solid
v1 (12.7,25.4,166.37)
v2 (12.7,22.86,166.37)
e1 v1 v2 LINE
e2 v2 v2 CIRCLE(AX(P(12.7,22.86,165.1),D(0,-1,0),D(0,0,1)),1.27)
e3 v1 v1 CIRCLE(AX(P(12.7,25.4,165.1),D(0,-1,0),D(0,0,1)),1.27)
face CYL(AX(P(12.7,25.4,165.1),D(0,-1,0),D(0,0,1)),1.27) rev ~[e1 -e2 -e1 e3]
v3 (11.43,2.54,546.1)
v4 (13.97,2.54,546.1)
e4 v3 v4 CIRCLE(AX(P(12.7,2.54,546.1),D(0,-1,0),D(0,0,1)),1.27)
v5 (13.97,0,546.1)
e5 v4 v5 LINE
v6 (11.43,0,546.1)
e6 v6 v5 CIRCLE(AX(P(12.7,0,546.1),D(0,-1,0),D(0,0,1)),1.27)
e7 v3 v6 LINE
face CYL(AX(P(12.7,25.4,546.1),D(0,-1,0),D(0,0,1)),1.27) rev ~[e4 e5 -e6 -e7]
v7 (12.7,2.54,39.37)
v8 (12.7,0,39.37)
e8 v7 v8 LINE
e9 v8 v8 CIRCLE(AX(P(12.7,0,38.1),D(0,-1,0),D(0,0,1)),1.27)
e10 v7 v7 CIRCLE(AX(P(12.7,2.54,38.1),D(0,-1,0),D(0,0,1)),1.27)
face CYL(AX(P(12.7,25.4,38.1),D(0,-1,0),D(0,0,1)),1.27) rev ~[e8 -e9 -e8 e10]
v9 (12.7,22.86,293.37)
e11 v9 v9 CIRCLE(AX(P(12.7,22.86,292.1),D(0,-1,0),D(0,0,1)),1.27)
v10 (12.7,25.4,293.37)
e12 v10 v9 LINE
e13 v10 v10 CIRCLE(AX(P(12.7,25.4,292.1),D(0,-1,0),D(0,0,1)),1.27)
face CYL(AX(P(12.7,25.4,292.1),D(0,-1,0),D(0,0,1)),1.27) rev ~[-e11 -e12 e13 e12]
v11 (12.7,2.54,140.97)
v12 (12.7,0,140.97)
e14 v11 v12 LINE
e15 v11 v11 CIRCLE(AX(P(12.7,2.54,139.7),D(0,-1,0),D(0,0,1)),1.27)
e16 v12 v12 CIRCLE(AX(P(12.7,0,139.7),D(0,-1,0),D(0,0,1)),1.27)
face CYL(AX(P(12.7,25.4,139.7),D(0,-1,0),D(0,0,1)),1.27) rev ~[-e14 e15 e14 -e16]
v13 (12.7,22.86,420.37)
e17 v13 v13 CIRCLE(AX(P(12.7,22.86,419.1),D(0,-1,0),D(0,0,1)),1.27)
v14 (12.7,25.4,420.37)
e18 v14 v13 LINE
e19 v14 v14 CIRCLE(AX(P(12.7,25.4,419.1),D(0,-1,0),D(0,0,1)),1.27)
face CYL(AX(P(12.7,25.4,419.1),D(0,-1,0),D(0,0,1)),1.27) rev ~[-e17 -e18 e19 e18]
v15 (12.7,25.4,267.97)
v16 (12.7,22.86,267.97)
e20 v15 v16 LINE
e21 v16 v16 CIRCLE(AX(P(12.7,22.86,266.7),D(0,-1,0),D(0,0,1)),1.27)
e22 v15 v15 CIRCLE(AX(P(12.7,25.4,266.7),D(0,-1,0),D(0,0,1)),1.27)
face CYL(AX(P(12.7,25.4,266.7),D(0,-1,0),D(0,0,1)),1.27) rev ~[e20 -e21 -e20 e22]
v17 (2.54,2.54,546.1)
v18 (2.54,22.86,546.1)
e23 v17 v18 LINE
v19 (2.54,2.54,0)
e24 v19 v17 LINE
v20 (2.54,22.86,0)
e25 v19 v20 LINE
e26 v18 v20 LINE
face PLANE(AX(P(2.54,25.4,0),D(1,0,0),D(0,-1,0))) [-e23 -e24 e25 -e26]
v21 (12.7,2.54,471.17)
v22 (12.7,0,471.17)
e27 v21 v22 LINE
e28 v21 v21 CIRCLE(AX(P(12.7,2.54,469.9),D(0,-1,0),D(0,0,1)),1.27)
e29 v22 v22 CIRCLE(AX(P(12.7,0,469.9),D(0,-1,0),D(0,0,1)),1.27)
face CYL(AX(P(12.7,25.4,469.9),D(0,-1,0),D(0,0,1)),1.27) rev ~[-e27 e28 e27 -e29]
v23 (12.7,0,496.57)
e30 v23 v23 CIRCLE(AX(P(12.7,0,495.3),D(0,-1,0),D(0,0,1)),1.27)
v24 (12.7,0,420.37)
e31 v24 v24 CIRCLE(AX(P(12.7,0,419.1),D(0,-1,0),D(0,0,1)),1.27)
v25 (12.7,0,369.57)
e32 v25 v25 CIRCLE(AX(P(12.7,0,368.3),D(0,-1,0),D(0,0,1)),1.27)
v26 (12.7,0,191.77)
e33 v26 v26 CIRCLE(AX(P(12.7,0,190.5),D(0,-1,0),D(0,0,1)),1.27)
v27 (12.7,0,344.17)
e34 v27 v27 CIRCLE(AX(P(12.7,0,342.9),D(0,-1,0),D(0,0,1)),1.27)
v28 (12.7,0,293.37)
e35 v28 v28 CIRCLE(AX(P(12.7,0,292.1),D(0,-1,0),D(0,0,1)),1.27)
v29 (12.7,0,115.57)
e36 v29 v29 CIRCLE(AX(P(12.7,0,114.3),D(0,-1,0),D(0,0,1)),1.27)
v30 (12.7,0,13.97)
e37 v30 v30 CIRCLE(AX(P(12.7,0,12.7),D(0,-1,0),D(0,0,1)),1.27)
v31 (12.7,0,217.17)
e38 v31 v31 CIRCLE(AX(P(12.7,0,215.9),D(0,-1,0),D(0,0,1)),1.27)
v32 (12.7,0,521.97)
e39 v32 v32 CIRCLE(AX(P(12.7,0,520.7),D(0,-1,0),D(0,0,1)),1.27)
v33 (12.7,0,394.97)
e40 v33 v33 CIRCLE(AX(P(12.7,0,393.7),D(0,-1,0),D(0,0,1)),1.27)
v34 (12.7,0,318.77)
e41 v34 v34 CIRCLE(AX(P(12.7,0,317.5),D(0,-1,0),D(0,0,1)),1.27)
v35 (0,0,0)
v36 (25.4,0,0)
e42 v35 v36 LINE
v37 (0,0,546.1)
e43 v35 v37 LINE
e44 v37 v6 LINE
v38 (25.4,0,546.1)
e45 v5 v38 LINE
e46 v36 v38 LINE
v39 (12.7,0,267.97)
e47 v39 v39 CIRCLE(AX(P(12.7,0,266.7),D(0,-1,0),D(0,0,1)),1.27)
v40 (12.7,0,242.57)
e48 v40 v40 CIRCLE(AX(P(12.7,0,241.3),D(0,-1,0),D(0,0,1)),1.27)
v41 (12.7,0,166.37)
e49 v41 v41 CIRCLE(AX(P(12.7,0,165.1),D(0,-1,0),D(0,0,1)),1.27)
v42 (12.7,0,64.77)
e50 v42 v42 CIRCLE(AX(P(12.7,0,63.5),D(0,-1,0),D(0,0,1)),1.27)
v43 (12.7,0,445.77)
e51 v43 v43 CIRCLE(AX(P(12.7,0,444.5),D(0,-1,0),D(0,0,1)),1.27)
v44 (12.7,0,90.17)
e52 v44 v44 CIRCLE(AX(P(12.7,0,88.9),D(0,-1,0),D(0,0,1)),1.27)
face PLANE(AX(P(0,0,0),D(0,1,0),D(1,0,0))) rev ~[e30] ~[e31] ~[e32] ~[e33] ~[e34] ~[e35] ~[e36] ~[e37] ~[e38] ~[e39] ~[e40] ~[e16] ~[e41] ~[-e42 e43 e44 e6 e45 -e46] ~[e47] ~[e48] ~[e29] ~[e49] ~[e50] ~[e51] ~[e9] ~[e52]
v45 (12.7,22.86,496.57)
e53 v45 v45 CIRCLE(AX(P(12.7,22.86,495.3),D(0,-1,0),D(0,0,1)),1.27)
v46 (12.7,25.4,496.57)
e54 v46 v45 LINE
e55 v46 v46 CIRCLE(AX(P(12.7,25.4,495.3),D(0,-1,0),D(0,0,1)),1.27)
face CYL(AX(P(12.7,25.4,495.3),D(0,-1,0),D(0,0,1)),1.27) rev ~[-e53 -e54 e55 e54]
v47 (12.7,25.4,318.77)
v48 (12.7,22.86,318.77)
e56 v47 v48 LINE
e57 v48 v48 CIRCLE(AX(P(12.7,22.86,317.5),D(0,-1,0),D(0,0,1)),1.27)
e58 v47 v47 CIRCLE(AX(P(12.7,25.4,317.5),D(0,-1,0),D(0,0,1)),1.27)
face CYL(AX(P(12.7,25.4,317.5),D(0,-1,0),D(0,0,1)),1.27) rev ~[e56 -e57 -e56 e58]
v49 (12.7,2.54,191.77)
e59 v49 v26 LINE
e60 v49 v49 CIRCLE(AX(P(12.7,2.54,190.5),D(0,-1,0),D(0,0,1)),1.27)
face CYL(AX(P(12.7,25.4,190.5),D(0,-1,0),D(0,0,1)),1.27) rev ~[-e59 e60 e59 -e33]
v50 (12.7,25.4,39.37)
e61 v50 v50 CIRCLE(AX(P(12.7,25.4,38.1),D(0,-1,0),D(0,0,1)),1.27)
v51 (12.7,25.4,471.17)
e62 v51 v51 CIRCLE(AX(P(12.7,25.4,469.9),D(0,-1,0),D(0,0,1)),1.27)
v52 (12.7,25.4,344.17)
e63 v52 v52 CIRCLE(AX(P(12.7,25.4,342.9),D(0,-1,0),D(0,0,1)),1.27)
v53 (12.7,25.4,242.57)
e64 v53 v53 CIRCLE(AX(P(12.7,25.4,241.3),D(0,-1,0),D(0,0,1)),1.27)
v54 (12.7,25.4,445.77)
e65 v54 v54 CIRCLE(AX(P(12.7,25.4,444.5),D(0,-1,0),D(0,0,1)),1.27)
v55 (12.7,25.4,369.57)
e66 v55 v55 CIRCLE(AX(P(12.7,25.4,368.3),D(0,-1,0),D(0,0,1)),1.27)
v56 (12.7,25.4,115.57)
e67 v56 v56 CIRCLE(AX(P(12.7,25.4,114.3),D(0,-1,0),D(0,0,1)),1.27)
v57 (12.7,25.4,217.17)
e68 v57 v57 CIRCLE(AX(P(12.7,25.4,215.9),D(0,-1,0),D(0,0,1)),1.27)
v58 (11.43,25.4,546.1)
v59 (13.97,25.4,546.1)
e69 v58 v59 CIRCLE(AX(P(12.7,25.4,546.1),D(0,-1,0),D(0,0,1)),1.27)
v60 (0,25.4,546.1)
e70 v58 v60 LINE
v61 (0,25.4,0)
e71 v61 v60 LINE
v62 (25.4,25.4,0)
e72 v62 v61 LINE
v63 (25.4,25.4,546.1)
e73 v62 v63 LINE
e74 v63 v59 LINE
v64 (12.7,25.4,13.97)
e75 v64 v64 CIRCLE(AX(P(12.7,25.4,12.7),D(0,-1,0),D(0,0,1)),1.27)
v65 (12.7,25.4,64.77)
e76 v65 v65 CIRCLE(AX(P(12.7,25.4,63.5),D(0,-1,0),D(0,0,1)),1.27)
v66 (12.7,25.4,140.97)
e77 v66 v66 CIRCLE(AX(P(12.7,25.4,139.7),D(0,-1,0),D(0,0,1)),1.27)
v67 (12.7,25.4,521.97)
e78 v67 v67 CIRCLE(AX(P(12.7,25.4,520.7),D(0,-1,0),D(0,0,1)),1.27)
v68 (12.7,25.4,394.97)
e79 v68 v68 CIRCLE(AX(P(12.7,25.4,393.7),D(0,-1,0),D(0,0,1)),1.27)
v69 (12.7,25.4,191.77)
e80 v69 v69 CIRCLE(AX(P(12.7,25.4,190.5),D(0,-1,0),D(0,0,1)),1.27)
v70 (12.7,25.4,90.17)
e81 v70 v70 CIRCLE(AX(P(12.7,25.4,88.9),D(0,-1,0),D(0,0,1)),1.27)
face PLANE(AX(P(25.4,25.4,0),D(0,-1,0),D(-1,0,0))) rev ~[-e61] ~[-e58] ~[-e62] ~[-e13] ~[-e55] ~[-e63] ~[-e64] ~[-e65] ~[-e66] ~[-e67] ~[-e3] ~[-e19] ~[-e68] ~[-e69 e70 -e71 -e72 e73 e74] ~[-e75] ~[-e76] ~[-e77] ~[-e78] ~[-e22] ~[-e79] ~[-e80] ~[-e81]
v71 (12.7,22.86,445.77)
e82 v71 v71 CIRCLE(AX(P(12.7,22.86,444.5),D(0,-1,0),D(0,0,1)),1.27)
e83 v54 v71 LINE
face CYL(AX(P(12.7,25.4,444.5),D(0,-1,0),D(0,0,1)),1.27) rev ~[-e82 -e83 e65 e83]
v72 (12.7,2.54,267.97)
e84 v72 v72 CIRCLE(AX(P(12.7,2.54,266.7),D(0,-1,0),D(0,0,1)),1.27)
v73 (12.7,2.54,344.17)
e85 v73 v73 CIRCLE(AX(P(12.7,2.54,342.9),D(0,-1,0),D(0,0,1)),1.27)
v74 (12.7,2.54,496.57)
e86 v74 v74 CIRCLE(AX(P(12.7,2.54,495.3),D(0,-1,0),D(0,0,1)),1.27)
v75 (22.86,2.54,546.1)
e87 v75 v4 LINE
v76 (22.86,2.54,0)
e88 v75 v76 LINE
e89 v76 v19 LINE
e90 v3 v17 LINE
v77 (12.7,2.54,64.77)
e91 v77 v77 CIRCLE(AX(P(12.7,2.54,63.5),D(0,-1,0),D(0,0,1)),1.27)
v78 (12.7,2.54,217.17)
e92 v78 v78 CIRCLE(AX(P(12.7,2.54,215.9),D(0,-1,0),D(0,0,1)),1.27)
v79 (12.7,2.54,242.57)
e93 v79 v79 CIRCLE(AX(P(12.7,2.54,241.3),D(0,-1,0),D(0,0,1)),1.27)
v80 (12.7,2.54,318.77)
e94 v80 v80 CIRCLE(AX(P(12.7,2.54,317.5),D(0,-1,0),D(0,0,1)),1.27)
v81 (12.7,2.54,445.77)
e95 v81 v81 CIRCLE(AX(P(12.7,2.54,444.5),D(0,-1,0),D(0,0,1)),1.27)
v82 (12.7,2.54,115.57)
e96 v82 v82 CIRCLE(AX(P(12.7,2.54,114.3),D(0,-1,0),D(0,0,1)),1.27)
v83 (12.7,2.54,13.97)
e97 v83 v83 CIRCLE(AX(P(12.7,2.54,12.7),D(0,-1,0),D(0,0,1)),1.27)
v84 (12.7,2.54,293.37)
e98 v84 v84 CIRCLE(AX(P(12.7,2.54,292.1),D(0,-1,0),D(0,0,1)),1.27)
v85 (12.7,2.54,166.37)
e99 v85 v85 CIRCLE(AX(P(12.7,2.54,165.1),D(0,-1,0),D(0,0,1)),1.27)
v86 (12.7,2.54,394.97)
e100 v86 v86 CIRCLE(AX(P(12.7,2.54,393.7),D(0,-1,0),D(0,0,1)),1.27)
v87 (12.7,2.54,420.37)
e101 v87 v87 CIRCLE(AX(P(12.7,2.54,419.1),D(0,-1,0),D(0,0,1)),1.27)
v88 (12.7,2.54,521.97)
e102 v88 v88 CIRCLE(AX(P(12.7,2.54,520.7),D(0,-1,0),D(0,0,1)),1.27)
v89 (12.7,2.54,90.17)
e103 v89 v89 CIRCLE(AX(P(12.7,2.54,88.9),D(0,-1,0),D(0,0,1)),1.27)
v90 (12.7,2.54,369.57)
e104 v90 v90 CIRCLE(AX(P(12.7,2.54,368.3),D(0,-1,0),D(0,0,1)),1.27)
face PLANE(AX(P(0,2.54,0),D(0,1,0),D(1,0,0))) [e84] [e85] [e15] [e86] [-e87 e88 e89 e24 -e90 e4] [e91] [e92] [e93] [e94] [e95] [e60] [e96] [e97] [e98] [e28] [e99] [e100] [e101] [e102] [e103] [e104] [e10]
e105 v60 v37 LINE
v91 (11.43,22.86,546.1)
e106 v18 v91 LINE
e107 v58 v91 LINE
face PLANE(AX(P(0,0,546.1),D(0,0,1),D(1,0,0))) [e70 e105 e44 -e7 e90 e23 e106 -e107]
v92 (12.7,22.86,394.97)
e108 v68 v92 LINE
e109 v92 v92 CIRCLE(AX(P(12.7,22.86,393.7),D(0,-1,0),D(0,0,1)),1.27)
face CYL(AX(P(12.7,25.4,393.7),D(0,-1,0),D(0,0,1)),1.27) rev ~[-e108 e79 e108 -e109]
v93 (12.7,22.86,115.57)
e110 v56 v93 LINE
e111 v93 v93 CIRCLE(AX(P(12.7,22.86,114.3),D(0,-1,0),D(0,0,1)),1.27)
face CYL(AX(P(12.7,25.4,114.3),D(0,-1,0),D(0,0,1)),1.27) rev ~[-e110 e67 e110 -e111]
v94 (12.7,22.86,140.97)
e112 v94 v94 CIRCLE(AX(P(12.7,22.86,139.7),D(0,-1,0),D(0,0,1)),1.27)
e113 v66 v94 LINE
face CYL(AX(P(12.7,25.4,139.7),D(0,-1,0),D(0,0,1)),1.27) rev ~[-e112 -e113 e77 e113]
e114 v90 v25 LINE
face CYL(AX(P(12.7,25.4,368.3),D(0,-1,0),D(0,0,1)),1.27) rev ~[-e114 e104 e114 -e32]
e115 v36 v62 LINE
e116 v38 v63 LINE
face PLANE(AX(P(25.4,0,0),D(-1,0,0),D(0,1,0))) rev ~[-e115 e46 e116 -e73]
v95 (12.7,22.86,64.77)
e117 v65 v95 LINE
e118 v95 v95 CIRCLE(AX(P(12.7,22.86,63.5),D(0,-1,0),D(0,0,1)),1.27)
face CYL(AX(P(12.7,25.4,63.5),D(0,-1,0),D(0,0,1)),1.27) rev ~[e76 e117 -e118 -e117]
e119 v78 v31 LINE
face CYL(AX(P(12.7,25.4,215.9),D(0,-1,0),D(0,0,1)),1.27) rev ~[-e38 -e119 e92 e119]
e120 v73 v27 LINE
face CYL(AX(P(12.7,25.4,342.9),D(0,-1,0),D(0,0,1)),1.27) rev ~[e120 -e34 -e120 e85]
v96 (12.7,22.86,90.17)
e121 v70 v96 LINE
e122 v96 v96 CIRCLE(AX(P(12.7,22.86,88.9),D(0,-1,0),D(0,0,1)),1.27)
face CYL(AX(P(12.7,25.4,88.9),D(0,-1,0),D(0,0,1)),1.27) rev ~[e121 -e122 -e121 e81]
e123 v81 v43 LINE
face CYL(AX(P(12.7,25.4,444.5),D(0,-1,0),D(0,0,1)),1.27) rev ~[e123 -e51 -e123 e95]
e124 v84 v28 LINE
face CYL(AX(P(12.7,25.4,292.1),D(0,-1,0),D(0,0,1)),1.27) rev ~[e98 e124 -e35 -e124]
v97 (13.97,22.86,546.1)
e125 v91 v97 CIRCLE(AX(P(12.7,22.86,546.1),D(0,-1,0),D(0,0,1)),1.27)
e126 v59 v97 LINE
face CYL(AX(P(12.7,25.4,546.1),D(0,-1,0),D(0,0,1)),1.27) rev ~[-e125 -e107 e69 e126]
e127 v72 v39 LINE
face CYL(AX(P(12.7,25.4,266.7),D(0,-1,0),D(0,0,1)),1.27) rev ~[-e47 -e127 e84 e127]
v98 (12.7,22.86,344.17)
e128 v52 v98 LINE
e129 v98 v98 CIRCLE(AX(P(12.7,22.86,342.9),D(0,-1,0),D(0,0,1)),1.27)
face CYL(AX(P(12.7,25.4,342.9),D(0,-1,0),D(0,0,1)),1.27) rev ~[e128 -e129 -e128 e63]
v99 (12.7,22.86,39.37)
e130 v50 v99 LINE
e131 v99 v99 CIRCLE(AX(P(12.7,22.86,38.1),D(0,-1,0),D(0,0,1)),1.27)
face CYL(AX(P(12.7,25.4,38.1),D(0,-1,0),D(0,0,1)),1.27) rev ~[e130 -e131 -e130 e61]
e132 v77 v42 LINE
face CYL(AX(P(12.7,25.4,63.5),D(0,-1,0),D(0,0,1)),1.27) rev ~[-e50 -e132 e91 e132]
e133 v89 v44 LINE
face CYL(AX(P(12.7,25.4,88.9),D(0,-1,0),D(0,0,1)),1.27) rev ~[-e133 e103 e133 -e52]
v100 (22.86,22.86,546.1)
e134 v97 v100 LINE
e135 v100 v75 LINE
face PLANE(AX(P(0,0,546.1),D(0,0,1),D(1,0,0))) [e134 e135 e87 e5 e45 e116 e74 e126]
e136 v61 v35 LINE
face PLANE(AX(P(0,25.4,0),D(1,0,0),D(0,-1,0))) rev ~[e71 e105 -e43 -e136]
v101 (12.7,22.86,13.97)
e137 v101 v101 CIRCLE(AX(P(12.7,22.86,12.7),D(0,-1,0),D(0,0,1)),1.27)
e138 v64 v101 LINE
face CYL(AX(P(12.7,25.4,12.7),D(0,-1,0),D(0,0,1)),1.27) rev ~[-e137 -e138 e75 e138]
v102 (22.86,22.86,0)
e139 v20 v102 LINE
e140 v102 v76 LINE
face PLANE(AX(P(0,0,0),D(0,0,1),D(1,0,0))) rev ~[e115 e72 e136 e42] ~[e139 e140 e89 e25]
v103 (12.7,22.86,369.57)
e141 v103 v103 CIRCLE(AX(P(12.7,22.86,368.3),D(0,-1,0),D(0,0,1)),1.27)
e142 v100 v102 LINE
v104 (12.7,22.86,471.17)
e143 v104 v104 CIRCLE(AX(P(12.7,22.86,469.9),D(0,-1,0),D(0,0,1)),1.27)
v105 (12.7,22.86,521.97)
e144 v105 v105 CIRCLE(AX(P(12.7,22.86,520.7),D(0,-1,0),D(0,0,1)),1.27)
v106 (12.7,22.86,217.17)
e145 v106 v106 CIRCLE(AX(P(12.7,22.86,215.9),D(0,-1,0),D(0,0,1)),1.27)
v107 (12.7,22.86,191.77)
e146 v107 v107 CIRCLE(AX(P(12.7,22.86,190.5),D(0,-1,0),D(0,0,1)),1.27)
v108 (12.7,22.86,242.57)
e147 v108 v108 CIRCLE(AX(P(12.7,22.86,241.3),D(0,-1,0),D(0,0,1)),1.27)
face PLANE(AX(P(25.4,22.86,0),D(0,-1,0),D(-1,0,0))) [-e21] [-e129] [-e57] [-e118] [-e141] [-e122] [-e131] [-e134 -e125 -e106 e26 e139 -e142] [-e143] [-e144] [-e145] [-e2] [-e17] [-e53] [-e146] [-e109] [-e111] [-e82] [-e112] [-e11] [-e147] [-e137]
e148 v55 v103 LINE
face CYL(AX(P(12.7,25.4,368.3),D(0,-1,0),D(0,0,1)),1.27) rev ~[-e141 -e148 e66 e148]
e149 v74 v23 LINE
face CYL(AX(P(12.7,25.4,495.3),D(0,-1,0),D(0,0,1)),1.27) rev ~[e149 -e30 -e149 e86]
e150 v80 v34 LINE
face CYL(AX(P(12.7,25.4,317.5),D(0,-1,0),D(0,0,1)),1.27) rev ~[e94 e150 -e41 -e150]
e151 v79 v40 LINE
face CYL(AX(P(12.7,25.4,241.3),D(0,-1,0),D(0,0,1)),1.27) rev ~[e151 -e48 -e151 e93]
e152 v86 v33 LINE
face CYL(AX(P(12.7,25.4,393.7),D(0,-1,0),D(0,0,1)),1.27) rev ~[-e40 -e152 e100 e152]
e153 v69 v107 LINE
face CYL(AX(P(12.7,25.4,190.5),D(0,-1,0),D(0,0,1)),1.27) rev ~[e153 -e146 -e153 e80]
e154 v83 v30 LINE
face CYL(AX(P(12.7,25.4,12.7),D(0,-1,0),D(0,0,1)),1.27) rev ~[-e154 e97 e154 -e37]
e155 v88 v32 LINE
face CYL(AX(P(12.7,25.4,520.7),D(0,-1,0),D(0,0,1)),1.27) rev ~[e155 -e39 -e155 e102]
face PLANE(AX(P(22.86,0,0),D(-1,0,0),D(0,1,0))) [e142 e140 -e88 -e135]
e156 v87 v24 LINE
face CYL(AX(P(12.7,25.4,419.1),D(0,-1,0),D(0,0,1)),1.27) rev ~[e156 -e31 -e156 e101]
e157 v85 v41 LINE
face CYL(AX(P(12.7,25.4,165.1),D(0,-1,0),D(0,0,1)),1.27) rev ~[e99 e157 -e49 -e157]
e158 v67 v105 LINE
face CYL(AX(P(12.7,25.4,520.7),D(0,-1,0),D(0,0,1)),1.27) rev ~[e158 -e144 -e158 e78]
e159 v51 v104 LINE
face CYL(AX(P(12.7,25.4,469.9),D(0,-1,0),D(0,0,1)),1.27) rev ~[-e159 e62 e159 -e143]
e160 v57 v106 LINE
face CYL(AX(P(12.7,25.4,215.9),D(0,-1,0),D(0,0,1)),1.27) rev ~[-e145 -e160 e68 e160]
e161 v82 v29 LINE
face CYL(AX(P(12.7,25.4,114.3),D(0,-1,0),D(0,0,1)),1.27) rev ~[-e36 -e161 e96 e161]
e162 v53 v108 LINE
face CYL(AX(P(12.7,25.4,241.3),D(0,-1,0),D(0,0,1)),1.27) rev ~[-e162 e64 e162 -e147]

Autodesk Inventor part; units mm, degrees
ref_plane "YZ Plane" through (0, 0, 0) normal (1, 0, 0) x (0, 1, 0)
ref_plane "XZ Plane" through (0, 0, 0) normal (0, 1, 0) x (-1, 0, 0)
ref_plane "XY Plane" through (0, 0, 0) normal (0, 0, 1) x (1, 0, 0)
sketch "Sketch1" plane through (0, 0, 0) normal (0, 0, 1) x (1, 0, 0)
  line L0 (0, 0) -> (25.4, 0)
  line L1 (25.4, 0) -> (25.4, 25.4)
  line L2 (25.4, 25.4) -> (0, 25.4)
  line L3 (0, 25.4) -> (0, 0)
  dimension "d0" = 25.4
  dimension "d1" = 25.4
extrude "Extrusion1" add sketch "Sketch1" along normal blind 546.1
shell "Shell1" thickness 2.54 removed faces 2 at (8.4667, 16.9333, 0) at (8.4667, 16.9333, 546.1)
sketch "Sketch2" plane through (0, 25.4, 0) normal (0, 1, 0) x (1, 0, 0)
  line L0 (25.4, 0) -> (0, 0) projected
  line L1 (0, 0) -> (0, -546.1) projected
  point P0 (12.7, -12.7)
  point P1 (12.7, -38.1)
  point P2 (12.7, -63.5)
  point P3 (12.7, -88.9)
  point P4 (12.7, -114.3)
  point P5 (12.7, -139.7)
  point P6 (12.7, -165.1)
  point P7 (12.7, -190.5)
  point P8 (12.7, -215.9)
  point P9 (12.7, -241.3)
  point P10 (12.7, -266.7)
  point P11 (12.7, -292.1)
  point P12 (12.7, -317.5)
  point P13 (12.7, -342.9)
  point P14 (12.7, -368.3)
  point P15 (12.7, -393.7)
  point P16 (12.7, -419.1)
  point P17 (12.7, -444.5)
  point P18 (12.7, -469.9)
  point P19 (12.7, -495.3)
  point P20 (12.7, -520.7)
  point P21 (12.7, -546.1)
  point P22 (12.7, -571.5)
  point P23 (12.7, -596.9)
  point P24 (12.7, -622.3)
  point P25 (12.7, -647.7)
  point P26 (12.7, -673.1)
  point P27 (12.7, -698.5)
  point P28 (12.7, -723.9)
  point P29 (12.7, -749.3)
  point P30 (12.7, -774.7)
  point P31 (12.7, -800.1)
  point P32 (12.7, -825.5)
  point P33 (12.7, -850.9)
  point P34 (12.7, -876.3)
  point P35 (12.7, -901.7)
  point P36 (12.7, -927.1)
  dimension "d5" = 12.7
  dimension "d6" = 12.7
  dimension "d9" = 25.4
hole "Hole1" at (12.7, 25.4, 12.7) at (12.7, 25.4, 38.1) at (12.7, 25.4, 63.5) at (12.7, 25.4, 88.9) at (12.7, 25.4, 114.3) at (12.7, 25.4, 139.7) at (12.7, 25.4, 165.1) at (12.7, 25.4, 190.5) at (12.7, 25.4, 215.9) at (12.7, 25.4, 241.3) at (12.7, 25.4, 266.7) at (12.7, 25.4, 292.1) at (12.7, 25.4, 317.5) at (12.7, 25.4, 342.9) at (12.7, 25.4, 368.3) at (12.7, 25.4, 393.7) at (12.7, 25.4, 419.1) at (12.7, 25.4, 444.5) at (12.7, 25.4, 469.9) at (12.7, 25.4, 495.3) at (12.7, 25.4, 520.7) at (12.7, 25.4, 546.1) at (12.7, 25.4, 571.5) at (12.7, 25.4, 596.9) at (12.7, 25.4, 622.3) at (12.7, 25.4, 647.7) at (12.7, 25.4, 673.1) at (12.7, 25.4, 698.5) at (12.7, 25.4, 723.9) at (12.7, 25.4, 749.3) at (12.7, 25.4, 774.7) at (12.7, 25.4, 800.1) at (12.7, 25.4, 825.5) at (12.7, 25.4, 850.9) at (12.7, 25.4, 876.3) at (12.7, 25.4, 901.7) direction (0, -1, 0) diameter 2.54 depth 50.8 tip angle 118
properties part number "cross bar 2" material "Aluminum 6061"
